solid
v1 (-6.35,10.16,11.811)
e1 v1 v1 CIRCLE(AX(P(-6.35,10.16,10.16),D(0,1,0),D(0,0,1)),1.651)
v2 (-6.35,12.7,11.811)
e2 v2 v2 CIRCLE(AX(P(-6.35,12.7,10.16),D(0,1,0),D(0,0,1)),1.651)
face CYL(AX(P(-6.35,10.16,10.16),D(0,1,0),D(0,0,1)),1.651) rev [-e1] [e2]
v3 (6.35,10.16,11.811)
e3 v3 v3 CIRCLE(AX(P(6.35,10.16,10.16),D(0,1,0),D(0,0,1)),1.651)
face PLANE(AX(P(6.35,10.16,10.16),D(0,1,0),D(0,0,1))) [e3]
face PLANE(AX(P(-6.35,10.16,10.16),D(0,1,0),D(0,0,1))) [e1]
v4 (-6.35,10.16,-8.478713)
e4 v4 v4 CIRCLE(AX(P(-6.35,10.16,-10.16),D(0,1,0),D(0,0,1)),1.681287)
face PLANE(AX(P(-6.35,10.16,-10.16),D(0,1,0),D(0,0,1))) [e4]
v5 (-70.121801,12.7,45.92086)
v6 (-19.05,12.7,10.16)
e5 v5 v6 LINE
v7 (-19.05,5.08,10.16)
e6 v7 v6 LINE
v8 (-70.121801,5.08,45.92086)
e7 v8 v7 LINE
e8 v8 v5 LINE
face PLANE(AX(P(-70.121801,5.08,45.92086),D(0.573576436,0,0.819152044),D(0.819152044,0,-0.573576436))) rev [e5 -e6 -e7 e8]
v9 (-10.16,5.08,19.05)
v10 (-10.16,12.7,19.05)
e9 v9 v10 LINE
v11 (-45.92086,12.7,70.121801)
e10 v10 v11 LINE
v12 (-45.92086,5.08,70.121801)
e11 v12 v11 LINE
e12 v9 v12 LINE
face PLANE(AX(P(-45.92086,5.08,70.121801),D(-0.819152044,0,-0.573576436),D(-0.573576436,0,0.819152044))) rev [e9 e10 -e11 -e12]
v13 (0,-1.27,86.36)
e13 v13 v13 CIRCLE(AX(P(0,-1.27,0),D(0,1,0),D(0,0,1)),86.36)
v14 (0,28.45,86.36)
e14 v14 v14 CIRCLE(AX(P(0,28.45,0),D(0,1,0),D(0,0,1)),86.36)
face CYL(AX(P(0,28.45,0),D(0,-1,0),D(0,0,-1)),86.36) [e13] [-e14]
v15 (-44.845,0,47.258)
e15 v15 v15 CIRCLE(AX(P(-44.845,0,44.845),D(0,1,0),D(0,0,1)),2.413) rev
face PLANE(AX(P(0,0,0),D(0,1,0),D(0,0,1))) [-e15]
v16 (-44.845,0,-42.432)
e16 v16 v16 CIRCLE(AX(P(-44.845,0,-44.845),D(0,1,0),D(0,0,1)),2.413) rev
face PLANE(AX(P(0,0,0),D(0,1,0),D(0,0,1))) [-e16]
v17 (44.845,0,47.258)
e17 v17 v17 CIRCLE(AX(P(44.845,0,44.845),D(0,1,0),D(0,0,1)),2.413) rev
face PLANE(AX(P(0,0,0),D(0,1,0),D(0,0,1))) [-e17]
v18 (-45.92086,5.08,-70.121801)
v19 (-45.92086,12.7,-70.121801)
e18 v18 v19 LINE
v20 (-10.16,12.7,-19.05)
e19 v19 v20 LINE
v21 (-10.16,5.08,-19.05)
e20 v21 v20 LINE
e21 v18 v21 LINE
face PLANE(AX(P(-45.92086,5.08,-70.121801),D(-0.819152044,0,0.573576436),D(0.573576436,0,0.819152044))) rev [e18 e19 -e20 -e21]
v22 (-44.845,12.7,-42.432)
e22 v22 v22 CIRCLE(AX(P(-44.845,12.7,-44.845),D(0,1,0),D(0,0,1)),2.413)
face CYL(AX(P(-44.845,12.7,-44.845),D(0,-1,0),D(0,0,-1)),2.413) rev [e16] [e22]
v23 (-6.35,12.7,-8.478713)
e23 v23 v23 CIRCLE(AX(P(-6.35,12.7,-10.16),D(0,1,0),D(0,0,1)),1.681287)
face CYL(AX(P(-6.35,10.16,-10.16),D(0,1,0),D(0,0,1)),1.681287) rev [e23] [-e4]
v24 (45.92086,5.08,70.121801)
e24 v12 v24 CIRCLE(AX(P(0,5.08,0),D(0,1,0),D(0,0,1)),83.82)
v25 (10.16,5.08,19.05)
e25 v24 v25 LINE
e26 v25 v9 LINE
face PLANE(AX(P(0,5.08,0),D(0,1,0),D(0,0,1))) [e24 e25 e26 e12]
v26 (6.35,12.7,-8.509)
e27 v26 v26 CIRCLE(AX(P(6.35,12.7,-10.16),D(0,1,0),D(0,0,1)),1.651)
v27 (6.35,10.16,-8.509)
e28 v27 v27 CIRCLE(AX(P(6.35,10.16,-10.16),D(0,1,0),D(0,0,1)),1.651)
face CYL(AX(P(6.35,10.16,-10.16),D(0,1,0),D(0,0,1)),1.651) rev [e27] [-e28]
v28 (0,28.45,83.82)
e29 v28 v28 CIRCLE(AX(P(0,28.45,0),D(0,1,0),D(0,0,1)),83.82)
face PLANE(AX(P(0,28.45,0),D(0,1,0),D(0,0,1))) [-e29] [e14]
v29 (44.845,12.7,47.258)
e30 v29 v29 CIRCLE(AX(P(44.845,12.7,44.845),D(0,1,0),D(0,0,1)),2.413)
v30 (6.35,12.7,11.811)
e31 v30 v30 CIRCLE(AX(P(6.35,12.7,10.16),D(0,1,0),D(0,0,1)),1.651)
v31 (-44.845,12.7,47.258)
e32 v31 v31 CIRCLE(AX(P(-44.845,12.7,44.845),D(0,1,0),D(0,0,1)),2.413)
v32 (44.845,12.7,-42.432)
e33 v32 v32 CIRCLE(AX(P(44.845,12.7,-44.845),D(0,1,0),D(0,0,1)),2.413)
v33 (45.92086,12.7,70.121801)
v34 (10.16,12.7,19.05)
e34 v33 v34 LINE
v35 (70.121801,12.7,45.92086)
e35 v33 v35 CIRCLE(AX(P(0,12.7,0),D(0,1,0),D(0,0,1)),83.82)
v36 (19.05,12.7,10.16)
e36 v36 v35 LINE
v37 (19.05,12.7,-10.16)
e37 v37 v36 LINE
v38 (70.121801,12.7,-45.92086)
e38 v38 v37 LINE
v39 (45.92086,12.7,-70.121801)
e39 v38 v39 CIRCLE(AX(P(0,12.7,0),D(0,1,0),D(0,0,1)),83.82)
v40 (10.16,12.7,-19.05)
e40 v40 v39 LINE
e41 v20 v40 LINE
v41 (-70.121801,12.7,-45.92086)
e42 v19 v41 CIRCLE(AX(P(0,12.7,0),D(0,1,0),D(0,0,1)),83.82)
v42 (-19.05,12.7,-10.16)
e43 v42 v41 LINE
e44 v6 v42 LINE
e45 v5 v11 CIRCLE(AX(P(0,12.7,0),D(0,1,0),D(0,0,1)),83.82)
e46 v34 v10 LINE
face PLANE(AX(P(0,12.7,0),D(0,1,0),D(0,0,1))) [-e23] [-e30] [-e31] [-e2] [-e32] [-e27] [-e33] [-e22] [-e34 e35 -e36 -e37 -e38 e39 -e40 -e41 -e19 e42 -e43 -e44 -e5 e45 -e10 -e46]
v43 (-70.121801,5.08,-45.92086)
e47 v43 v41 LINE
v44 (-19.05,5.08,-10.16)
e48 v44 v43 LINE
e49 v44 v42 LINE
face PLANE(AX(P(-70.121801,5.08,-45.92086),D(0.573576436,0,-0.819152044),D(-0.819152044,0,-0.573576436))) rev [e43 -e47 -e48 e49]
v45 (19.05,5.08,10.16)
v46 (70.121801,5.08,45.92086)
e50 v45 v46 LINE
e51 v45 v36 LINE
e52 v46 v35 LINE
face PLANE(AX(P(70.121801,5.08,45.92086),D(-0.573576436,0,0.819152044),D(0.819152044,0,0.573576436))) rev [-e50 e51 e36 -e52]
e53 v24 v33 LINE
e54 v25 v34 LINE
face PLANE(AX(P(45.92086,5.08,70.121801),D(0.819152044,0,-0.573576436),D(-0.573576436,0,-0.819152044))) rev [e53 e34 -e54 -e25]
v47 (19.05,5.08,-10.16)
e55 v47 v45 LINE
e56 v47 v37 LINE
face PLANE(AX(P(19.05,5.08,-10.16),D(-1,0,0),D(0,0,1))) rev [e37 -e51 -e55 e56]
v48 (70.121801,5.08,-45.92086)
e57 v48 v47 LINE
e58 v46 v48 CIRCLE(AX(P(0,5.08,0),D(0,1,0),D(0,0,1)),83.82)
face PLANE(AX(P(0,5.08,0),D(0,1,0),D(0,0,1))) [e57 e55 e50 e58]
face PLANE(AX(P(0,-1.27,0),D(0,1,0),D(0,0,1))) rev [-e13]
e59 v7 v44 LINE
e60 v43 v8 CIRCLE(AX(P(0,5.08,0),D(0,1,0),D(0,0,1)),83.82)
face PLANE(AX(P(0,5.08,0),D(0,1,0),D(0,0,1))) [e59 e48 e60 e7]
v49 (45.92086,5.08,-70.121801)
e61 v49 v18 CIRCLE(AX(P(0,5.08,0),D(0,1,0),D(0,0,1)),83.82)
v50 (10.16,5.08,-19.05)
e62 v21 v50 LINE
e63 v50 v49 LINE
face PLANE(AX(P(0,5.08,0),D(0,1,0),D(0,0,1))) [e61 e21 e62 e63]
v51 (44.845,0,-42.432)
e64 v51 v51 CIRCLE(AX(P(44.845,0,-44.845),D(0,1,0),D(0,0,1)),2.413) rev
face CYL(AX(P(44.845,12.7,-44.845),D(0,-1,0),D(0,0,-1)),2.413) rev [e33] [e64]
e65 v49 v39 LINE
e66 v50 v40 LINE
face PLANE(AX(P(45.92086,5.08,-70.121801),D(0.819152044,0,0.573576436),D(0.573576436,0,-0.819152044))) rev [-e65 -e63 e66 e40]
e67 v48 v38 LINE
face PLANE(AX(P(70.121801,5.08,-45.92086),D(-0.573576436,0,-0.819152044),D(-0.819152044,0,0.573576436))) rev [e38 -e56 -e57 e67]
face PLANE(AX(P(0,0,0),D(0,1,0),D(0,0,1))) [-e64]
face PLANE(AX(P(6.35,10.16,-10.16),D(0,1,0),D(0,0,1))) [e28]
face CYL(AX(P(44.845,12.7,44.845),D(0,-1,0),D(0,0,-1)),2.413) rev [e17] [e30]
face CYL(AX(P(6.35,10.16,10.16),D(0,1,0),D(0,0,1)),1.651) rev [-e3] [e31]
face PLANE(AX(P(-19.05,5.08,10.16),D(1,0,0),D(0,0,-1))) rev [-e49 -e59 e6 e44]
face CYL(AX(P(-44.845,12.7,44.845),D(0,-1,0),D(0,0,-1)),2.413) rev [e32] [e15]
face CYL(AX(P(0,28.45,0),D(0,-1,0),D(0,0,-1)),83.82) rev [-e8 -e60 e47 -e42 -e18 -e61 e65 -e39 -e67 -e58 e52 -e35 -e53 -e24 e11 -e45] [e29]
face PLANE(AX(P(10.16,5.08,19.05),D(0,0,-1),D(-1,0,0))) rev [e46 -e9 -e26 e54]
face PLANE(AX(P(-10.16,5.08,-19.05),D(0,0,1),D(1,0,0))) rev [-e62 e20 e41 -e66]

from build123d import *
from build123d.topology import SkipClean

# Parameters (mm, degrees)
SKETCH1_R           = 86.36
SKETCH1_R_2         = 83.82
BOSS_EXTRUDE1_DEPTH = 28.45
BOSS_EXTRUDE2_START = -1.27
SKETCH1_2_R         = 86.36
SKETCH1_2_R_2       = 83.82
BOSS_EXTRUDE2_DEPTH = 1.27
SKETCH2_R           = 83.82
SKETCH2_R_2         = 2.413
BOSS_EXTRUDE3_DEPTH = 12.7
SKETCH3_R           = 1.651
SKETCH3_R_2         = 1.681286521
CUT_EXTRUDE1_DEPTH  = 2.54
CUT_EXTRUDE2_START  = -7.62
CUT_EXTRUDE2_DEPTH  = 7.62


with BuildPart() as part:
    # Sketch1 → Boss-Extrude1 (new body)
    with BuildSketch(Plane(origin=(0, 0, 0), x_dir=(1, 0, 0), z_dir=(0, 1, 0))):
        Circle(SKETCH1_R)
        Circle(SKETCH1_R_2, mode=Mode.SUBTRACT)
    extrude(amount=BOSS_EXTRUDE1_DEPTH)

    # Sketch1<2> → Boss-Extrude2 (add)
    # profile 1 of 2: a face of its own
    with BuildSketch(Plane(origin=(0, 0, 0), x_dir=(1, 0, 0), z_dir=(0, 1, 0)).offset(BOSS_EXTRUDE2_START)):
        Circle(SKETCH1_2_R)
        Circle(SKETCH1_2_R_2, mode=Mode.SUBTRACT)
    # profile 2 of 2: a face of its own
    with BuildSketch(Plane(origin=(0, 0, 0), x_dir=(1, 0, 0), z_dir=(0, 1, 0)).offset(BOSS_EXTRUDE2_START)):
        Circle(SKETCH1_2_R_2)
    extrude(amount=BOSS_EXTRUDE2_DEPTH)

    # Sketch2 → Boss-Extrude3 (add)
    with BuildSketch(Plane(origin=(0, 0, 0), x_dir=(1, 0, 0), z_dir=(0, 1, 0))):
        Circle(SKETCH2_R)
        with Locations((-44.845, -44.845)):
            Circle(SKETCH2_R_2, mode=Mode.SUBTRACT)
        with Locations((44.845, -44.845)):
            Circle(SKETCH2_R_2, mode=Mode.SUBTRACT)
        with Locations((-44.845, 44.845)):
            Circle(SKETCH2_R_2, mode=Mode.SUBTRACT)
        with Locations((44.845, 44.845)):
            Circle(SKETCH2_R_2, mode=Mode.SUBTRACT)
    extrude(amount=BOSS_EXTRUDE3_DEPTH)

    # Sketch3 → Cut-Extrude1 (cut)
    with BuildSketch(Plane(origin=(0, 12.7, 0), x_dir=(1, 0, 0), z_dir=(0, 1, 0))):
        with Locations((6.35, 10.16)):
            Circle(SKETCH3_R)
        with Locations((6.35, -10.16)):
            Circle(SKETCH3_R)
        with Locations((-6.35, -10.16)):
            Circle(SKETCH3_R)
        with Locations((-6.35, 10.16)):
            Circle(SKETCH3_R_2)
    extrude(amount=-CUT_EXTRUDE1_DEPTH, mode=Mode.SUBTRACT)

    # Sketch4 → Cut-Extrude2 (cut)
    with SkipClean():  # the faces are left unmerged after this step: merging them gives an invalid solid
        with BuildSketch(Plane(origin=(0, 12.7, 0), x_dir=(1, 0, 0), z_dir=(0, 1, 0)).offset(CUT_EXTRUDE2_START)):
            with BuildLine():
                Line((-70.12180118, 45.920860176), (-19.05, 10.16))
                Line((-19.05, 10.16), (-19.05, -10.16))
                Line((-19.05, -10.16), (-70.12180118, -45.920860176))
                ThreePointArc((-70.12180118, -45.920860176), (-83.82, 0), (-70.12180118, 45.920860176))
            make_face()
            with BuildLine():
                Line((-10.16, 19.05), (10.16, 19.05))
                Line((10.16, 19.05), (45.920860176, 70.12180118))
                ThreePointArc((45.920860176, 70.12180118), (0, 83.82), (-45.920860176, 70.12180118))
                Line((-45.920860176, 70.12180118), (-10.16, 19.05))
            make_face()
            with BuildLine():
                Line((19.05, 10.16), (19.05, -10.16))
                Line((19.05, -10.16), (70.12180118, -45.920860176))
                ThreePointArc((70.12180118, -45.920860176), (83.82, 0), (70.12180118, 45.920860176))
                Line((70.12180118, 45.920860176), (19.05, 10.16))
            make_face()
            with BuildLine():
                Line((10.16, -19.05), (-10.16, -19.05))
                Line((-10.16, -19.05), (-45.920860176, -70.12180118))
                ThreePointArc((-45.920860176, -70.12180118), (0, -83.82), (45.920860176, -70.12180118))
                Line((45.920860176, -70.12180118), (10.16, -19.05))
            make_face()
        extrude(amount=CUT_EXTRUDE2_DEPTH, mode=Mode.SUBTRACT)


solid = part.part
